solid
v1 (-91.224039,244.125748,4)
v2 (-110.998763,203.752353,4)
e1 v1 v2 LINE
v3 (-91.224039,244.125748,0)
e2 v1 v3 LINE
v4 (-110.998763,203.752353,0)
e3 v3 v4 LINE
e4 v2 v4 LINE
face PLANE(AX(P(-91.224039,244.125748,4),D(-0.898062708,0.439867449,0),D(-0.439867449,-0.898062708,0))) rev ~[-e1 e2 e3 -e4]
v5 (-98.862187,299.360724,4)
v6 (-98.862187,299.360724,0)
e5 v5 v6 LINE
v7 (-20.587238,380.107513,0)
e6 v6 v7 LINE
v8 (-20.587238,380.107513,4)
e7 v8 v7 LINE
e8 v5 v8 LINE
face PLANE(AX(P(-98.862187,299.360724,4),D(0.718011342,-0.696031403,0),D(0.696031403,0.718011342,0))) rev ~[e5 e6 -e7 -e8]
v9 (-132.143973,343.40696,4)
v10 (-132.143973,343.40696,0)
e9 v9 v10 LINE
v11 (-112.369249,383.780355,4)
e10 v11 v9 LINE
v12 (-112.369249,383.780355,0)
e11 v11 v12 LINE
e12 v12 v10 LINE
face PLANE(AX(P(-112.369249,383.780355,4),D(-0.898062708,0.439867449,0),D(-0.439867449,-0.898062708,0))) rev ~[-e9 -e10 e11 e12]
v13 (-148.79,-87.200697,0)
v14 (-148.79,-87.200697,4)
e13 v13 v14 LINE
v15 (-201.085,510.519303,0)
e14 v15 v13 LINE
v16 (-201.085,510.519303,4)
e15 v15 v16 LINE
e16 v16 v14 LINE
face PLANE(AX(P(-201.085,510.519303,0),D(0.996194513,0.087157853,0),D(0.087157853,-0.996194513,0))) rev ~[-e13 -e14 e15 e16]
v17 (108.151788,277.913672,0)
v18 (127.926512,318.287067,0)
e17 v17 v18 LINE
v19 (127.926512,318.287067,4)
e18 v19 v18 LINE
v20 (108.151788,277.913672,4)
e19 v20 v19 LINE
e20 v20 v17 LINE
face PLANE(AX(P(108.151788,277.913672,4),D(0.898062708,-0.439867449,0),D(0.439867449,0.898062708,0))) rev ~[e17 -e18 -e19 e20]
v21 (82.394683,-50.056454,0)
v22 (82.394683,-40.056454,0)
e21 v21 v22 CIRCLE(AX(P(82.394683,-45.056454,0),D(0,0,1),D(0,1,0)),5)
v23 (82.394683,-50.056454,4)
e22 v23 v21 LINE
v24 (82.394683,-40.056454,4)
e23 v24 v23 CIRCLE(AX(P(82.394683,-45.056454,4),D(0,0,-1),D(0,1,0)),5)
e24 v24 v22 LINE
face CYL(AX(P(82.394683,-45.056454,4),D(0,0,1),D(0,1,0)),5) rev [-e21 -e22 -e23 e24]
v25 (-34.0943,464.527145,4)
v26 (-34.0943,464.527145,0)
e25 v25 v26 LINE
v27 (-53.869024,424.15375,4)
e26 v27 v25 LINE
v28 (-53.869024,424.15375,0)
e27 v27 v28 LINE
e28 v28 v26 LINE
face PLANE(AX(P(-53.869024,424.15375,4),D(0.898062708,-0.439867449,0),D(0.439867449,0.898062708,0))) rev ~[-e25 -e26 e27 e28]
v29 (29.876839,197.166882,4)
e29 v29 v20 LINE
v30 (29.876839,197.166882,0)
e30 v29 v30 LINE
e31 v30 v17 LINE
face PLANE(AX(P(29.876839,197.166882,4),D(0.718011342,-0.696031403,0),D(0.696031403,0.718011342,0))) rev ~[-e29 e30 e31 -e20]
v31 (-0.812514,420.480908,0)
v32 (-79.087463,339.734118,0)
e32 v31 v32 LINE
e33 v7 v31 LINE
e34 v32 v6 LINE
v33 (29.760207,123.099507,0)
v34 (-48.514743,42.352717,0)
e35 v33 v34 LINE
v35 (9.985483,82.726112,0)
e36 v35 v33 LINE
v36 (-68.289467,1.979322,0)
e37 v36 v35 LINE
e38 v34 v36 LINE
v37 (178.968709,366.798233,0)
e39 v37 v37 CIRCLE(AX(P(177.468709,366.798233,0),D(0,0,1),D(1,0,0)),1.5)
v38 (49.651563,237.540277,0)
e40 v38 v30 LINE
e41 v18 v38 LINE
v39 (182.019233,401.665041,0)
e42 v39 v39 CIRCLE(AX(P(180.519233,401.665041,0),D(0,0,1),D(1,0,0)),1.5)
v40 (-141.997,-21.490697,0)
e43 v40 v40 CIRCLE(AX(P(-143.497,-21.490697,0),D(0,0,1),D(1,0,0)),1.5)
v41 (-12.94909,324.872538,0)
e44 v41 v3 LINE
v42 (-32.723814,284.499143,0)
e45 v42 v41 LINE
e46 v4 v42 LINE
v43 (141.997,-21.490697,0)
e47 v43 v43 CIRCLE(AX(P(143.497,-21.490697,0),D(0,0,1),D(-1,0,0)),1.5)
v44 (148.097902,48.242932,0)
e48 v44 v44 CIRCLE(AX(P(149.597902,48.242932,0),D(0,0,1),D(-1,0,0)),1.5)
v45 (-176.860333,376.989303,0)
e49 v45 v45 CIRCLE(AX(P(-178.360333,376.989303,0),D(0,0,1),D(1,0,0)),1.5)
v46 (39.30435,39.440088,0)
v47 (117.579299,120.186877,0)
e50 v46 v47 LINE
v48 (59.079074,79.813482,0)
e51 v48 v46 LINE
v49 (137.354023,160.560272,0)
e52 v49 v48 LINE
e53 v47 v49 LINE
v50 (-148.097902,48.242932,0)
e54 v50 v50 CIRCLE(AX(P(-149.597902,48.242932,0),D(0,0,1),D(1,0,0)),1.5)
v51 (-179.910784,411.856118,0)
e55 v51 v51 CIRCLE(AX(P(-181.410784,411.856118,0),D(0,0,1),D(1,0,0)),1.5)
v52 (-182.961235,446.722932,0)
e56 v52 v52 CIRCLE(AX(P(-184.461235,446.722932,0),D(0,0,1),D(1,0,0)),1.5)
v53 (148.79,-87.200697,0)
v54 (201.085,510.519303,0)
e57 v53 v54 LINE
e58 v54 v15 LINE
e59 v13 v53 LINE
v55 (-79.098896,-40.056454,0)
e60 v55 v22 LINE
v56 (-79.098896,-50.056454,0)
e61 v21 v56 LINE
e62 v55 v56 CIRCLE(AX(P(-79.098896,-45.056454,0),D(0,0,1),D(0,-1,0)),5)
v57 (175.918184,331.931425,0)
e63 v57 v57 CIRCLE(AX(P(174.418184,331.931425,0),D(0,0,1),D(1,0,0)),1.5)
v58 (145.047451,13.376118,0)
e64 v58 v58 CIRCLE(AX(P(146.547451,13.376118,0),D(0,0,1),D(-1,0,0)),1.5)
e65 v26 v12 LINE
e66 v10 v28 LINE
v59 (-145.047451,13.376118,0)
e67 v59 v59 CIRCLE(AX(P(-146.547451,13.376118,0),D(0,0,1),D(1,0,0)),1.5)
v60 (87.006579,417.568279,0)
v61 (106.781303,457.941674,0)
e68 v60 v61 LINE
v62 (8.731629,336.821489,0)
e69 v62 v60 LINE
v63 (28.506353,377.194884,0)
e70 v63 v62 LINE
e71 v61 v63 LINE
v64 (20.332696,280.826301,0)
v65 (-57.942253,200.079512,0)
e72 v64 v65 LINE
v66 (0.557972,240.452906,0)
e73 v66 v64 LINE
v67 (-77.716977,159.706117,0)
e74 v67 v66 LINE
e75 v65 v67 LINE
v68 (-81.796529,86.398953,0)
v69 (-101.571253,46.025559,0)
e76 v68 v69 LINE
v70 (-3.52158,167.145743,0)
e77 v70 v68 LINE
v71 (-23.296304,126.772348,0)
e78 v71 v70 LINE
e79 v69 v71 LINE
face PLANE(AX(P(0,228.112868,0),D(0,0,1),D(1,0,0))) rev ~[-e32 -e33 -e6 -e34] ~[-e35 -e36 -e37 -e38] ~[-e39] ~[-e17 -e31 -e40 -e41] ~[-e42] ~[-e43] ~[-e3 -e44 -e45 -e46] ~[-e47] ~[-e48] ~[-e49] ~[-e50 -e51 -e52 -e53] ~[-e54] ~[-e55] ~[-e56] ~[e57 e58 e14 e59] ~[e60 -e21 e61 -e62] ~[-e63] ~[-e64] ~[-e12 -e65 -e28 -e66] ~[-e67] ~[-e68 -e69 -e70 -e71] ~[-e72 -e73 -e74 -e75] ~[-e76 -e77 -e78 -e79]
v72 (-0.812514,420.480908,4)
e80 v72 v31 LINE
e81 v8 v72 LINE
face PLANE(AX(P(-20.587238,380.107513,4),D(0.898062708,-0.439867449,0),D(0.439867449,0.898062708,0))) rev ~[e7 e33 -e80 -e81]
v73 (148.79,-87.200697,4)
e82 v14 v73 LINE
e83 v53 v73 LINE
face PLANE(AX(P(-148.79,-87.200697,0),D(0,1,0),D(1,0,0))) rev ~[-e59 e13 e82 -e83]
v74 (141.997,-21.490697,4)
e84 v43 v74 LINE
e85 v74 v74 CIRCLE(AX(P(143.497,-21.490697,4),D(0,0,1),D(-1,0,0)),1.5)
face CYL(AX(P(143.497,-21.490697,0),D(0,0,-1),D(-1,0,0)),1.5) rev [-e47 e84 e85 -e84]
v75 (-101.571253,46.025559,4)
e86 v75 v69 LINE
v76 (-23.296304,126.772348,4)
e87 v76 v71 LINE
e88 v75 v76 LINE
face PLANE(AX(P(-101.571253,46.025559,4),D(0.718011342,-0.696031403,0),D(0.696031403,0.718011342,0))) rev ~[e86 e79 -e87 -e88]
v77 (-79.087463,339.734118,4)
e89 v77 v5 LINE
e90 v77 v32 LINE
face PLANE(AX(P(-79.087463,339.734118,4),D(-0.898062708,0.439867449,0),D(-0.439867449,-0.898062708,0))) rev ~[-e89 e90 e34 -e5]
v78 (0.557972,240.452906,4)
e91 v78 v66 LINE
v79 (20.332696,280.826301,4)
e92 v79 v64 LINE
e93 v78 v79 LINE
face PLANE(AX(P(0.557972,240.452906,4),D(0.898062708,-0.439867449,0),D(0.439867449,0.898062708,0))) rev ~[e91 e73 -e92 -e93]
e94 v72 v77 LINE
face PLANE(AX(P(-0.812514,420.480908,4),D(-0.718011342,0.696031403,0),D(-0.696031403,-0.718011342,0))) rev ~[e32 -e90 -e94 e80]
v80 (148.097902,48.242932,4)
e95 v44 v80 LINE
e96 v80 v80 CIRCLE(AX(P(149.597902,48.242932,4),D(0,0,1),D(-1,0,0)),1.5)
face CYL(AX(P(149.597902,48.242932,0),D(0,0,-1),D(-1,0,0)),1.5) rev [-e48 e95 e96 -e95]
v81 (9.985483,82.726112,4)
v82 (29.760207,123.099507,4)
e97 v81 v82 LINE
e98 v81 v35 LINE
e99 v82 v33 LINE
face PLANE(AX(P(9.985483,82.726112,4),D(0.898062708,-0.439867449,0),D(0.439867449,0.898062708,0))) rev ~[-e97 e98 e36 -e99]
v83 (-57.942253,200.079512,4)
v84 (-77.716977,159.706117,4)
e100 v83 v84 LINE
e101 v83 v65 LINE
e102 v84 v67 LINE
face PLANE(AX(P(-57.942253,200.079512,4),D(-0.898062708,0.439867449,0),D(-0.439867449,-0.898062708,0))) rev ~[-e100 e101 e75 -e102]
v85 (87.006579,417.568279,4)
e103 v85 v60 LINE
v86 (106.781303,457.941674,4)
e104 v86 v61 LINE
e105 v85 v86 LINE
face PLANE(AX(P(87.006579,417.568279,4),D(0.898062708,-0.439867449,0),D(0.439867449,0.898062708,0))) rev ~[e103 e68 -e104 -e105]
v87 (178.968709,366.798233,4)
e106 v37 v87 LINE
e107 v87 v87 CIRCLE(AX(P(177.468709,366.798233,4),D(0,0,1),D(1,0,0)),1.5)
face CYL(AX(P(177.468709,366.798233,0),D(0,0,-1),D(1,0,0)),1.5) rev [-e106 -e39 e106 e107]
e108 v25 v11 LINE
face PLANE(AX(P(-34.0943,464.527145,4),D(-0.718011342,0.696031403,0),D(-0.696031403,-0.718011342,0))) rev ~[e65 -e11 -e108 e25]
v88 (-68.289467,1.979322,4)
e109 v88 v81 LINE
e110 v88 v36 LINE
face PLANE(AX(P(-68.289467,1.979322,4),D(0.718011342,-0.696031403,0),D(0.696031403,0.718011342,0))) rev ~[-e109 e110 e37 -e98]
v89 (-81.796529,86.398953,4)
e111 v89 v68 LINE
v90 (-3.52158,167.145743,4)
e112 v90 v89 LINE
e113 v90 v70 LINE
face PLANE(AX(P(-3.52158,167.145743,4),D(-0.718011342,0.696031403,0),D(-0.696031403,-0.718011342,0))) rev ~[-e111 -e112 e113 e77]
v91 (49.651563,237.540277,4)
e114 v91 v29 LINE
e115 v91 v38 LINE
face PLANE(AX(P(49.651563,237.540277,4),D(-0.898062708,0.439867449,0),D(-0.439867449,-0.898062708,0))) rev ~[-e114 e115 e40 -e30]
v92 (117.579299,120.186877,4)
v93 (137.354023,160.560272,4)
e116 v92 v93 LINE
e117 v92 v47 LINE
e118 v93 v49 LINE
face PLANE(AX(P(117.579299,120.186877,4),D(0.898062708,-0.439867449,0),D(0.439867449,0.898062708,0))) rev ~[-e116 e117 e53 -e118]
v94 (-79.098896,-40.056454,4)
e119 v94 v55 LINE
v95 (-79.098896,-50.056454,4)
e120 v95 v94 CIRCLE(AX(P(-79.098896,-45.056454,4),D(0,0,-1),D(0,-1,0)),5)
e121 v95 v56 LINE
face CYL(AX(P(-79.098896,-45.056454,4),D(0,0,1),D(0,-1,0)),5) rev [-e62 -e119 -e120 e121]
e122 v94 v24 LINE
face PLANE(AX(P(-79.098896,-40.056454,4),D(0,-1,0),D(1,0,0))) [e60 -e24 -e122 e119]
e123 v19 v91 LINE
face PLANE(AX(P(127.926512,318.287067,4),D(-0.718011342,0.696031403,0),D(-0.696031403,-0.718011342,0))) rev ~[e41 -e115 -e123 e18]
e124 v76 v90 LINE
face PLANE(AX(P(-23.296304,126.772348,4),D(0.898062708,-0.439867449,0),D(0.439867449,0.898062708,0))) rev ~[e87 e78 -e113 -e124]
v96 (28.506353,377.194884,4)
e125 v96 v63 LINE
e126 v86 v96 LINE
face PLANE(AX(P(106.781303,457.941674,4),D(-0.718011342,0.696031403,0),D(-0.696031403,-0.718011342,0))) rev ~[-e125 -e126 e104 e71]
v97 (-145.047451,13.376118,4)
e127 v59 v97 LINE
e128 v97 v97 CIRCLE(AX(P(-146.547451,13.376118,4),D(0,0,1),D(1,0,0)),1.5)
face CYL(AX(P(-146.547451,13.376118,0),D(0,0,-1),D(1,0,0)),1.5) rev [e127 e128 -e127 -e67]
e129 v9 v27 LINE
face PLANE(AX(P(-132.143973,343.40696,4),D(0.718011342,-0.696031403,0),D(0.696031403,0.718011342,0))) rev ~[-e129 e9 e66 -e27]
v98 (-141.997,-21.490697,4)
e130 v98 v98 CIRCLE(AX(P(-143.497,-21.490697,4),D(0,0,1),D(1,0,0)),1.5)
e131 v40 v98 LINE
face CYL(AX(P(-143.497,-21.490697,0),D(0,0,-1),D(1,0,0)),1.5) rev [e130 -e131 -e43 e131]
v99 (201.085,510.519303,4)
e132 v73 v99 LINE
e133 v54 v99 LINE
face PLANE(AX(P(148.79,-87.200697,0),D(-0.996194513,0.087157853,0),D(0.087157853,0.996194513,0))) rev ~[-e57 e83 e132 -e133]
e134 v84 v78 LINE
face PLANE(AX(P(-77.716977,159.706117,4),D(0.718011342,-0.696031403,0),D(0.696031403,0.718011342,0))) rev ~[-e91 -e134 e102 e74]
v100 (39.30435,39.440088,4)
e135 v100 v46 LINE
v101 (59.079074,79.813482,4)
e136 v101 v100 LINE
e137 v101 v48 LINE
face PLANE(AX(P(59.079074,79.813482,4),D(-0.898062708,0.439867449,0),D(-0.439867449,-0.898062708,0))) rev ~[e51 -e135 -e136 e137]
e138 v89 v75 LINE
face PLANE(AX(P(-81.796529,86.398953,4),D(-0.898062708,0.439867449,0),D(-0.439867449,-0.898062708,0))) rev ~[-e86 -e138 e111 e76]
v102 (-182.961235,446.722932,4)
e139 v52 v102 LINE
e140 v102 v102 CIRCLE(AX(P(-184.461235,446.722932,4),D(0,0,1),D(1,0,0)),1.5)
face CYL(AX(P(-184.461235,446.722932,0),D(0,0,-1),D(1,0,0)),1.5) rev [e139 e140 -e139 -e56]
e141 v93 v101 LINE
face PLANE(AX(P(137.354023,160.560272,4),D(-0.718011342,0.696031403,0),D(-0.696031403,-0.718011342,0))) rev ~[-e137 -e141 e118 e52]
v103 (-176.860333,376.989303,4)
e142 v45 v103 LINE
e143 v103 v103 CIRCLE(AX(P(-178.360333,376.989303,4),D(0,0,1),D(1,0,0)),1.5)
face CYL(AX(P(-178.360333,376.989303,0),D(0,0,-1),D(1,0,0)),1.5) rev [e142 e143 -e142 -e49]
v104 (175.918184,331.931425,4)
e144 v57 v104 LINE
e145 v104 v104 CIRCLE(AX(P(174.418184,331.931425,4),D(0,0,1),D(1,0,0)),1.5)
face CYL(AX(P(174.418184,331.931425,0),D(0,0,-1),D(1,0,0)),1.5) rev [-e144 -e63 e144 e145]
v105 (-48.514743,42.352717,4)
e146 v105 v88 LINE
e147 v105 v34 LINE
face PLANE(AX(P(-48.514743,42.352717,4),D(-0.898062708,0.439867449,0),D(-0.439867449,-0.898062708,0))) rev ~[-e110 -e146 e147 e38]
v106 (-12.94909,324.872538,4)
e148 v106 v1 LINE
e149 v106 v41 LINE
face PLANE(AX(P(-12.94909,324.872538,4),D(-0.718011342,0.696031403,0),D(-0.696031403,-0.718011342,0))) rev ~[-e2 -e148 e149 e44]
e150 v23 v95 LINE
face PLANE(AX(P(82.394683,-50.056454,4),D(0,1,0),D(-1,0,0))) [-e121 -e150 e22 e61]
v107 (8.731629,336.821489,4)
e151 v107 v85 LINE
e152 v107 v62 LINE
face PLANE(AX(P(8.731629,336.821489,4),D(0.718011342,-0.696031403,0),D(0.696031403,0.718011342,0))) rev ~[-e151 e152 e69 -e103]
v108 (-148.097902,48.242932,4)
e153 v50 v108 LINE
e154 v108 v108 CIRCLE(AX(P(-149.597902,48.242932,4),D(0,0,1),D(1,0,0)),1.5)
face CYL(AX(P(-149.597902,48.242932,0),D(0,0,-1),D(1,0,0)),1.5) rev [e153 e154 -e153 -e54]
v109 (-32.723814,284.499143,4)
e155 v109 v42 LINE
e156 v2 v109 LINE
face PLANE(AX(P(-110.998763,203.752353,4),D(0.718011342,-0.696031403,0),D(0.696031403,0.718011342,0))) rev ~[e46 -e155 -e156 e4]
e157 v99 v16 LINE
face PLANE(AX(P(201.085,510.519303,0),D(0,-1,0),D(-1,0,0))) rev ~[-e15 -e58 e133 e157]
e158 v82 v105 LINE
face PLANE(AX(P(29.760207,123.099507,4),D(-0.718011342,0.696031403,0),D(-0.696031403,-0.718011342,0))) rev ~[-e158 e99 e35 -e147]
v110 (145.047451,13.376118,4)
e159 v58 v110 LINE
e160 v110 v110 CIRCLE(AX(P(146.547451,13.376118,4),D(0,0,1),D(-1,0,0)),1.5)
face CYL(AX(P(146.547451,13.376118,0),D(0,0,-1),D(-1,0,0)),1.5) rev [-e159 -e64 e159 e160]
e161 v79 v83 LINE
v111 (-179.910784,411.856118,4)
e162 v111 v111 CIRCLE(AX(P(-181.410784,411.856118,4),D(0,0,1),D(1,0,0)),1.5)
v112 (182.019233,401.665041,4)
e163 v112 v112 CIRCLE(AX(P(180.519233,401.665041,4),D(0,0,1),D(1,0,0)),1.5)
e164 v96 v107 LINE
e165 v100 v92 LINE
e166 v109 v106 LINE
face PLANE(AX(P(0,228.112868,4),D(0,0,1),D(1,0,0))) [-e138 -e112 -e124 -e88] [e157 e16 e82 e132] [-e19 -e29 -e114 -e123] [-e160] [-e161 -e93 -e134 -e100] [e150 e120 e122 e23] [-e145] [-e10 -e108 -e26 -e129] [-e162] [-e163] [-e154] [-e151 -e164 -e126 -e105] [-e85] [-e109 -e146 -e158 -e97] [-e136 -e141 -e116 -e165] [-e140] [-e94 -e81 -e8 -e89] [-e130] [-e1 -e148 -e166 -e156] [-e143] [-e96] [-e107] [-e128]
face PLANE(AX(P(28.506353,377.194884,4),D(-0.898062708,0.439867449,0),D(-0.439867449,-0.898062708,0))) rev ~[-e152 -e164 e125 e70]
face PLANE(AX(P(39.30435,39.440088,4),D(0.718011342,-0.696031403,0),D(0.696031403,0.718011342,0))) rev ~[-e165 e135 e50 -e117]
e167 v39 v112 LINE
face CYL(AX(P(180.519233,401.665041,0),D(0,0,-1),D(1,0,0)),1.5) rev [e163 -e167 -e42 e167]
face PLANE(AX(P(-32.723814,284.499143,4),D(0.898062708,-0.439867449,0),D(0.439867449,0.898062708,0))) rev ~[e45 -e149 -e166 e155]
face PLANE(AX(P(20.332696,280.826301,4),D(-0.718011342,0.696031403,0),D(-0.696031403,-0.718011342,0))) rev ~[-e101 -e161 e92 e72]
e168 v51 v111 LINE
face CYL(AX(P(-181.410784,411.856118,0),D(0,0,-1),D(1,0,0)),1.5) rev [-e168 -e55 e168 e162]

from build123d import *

# Parameters (mm, degrees)
SKETCH2_R           = 1.5
BOSS_EXTRUDE1_DEPTH = 4
CUT_EXTRUDE1_DEPTH  = 10
CUT_EXTRUDE2_DEPTH  = 10


with BuildPart() as part:
    # Sketch2 → Boss-Extrude1 (new body)
    with BuildSketch(Plane.XY):
        Polygon((-201.085, 510.519303279), (-148.79, -87.200696721), (148.79, -87.200696721), (201.085, 510.519303279), align=None)
        with Locations((-143.497000101, -21.490696721)):
            Circle(SKETCH2_R, mode=Mode.SUBTRACT)
        with Locations((-146.547451097, 13.376117712)):
            Circle(SKETCH2_R, mode=Mode.SUBTRACT)
        with Locations((-149.597902093, 48.242932145)):
            Circle(SKETCH2_R, mode=Mode.SUBTRACT)
        with Locations((-178.360333434, 376.989303279)):
            Circle(SKETCH2_R, mode=Mode.SUBTRACT)
        with Locations((-181.410784431, 411.856117712)):
            Circle(SKETCH2_R, mode=Mode.SUBTRACT)
        with Locations((-184.461235427, 446.722932145)):
            Circle(SKETCH2_R, mode=Mode.SUBTRACT)
        with Locations(Location((143.497000101, -21.490696721, 0), (0, 0, 180))):
            Circle(SKETCH2_R, mode=Mode.SUBTRACT)
        with Locations(Location((146.547451097, 13.376117712, 0), (0, 0, 180))):
            Circle(SKETCH2_R, mode=Mode.SUBTRACT)
        with Locations(Location((149.597902093, 48.242932145, 0), (0, 0, 180))):
            Circle(SKETCH2_R, mode=Mode.SUBTRACT)
        with Locations((180.519233461, 401.665041377)):
            Circle(SKETCH2_R, mode=Mode.SUBTRACT)
        with Locations((177.468708595, 366.798233406)):
            Circle(SKETCH2_R, mode=Mode.SUBTRACT)
        with Locations((174.418183729, 331.931425436)):
            Circle(SKETCH2_R, mode=Mode.SUBTRACT)
    extrude(amount=BOSS_EXTRUDE1_DEPTH)

    # Sketch4 → Cut-Extrude1 (cut)
    with BuildSketch(Plane.XY.offset(4)):
        Polygon((-34.094299882, 464.527144648), (-112.369249077, 383.780354951), (-132.143973084, 343.406960103), (-53.869023889, 424.153749799), align=None)
        Polygon((-0.812513571, 420.480908047), (-79.087462766, 339.73411835), (-98.862186773, 299.360723502), (-20.587237578, 380.107513199), align=None)
        Polygon((106.781302599, 457.941673616), (28.506353404, 377.19488392), (8.731629397, 336.821489072), (87.006578592, 417.568278768), align=None)
        Polygon((-12.949090157, 324.872537818), (-91.224039352, 244.125748122), (-110.99876336, 203.752353274), (-32.723814164, 284.49914297), align=None)
        Polygon((20.332696154, 280.826301217), (-57.942253041, 200.079511521), (-77.716977049, 159.706116673), (0.557972147, 240.452906369), align=None)
        Polygon((127.926512324, 318.287066787), (49.651563128, 237.54027709), (29.876839121, 197.166882242), (108.151788317, 277.913671939), align=None)
        Polygon((-3.521579741, 167.145743121), (-81.796528937, 86.398953425), (-101.571252944, 46.025558577), (-23.296303748, 126.772348273), align=None)
        Polygon((29.76020657, 123.09950652), (-48.514742626, 42.352716824), (-68.289466633, 1.979321976), (9.985482563, 82.726111672), align=None)
        Polygon((137.35402274, 160.560272089), (59.079073544, 79.813482393), (39.304349537, 39.440087545), (117.579298732, 120.186877241), align=None)
    extrude(amount=-CUT_EXTRUDE1_DEPTH, mode=Mode.SUBTRACT)

    # Sketch5 → Cut-Extrude2 (cut)
    with BuildSketch(Plane.XY.offset(4)):
        with BuildLine():
            Line((-79.098896029, -40.056454397), (82.394683364, -40.056454397))
            ThreePointArc((82.394683364, -40.056454397), (87.394683364, -45.056454397), (82.394683364, -50.056454397))
            Line((82.394683364, -50.056454397), (-79.098896029, -50.056454397))
            ThreePointArc((-79.098896029, -50.056454397), (-84.098896029, -45.056454397), (-79.098896029, -40.056454397))
        make_face()
    extrude(amount=-CUT_EXTRUDE2_DEPTH, mode=Mode.SUBTRACT)


solid = part.part
